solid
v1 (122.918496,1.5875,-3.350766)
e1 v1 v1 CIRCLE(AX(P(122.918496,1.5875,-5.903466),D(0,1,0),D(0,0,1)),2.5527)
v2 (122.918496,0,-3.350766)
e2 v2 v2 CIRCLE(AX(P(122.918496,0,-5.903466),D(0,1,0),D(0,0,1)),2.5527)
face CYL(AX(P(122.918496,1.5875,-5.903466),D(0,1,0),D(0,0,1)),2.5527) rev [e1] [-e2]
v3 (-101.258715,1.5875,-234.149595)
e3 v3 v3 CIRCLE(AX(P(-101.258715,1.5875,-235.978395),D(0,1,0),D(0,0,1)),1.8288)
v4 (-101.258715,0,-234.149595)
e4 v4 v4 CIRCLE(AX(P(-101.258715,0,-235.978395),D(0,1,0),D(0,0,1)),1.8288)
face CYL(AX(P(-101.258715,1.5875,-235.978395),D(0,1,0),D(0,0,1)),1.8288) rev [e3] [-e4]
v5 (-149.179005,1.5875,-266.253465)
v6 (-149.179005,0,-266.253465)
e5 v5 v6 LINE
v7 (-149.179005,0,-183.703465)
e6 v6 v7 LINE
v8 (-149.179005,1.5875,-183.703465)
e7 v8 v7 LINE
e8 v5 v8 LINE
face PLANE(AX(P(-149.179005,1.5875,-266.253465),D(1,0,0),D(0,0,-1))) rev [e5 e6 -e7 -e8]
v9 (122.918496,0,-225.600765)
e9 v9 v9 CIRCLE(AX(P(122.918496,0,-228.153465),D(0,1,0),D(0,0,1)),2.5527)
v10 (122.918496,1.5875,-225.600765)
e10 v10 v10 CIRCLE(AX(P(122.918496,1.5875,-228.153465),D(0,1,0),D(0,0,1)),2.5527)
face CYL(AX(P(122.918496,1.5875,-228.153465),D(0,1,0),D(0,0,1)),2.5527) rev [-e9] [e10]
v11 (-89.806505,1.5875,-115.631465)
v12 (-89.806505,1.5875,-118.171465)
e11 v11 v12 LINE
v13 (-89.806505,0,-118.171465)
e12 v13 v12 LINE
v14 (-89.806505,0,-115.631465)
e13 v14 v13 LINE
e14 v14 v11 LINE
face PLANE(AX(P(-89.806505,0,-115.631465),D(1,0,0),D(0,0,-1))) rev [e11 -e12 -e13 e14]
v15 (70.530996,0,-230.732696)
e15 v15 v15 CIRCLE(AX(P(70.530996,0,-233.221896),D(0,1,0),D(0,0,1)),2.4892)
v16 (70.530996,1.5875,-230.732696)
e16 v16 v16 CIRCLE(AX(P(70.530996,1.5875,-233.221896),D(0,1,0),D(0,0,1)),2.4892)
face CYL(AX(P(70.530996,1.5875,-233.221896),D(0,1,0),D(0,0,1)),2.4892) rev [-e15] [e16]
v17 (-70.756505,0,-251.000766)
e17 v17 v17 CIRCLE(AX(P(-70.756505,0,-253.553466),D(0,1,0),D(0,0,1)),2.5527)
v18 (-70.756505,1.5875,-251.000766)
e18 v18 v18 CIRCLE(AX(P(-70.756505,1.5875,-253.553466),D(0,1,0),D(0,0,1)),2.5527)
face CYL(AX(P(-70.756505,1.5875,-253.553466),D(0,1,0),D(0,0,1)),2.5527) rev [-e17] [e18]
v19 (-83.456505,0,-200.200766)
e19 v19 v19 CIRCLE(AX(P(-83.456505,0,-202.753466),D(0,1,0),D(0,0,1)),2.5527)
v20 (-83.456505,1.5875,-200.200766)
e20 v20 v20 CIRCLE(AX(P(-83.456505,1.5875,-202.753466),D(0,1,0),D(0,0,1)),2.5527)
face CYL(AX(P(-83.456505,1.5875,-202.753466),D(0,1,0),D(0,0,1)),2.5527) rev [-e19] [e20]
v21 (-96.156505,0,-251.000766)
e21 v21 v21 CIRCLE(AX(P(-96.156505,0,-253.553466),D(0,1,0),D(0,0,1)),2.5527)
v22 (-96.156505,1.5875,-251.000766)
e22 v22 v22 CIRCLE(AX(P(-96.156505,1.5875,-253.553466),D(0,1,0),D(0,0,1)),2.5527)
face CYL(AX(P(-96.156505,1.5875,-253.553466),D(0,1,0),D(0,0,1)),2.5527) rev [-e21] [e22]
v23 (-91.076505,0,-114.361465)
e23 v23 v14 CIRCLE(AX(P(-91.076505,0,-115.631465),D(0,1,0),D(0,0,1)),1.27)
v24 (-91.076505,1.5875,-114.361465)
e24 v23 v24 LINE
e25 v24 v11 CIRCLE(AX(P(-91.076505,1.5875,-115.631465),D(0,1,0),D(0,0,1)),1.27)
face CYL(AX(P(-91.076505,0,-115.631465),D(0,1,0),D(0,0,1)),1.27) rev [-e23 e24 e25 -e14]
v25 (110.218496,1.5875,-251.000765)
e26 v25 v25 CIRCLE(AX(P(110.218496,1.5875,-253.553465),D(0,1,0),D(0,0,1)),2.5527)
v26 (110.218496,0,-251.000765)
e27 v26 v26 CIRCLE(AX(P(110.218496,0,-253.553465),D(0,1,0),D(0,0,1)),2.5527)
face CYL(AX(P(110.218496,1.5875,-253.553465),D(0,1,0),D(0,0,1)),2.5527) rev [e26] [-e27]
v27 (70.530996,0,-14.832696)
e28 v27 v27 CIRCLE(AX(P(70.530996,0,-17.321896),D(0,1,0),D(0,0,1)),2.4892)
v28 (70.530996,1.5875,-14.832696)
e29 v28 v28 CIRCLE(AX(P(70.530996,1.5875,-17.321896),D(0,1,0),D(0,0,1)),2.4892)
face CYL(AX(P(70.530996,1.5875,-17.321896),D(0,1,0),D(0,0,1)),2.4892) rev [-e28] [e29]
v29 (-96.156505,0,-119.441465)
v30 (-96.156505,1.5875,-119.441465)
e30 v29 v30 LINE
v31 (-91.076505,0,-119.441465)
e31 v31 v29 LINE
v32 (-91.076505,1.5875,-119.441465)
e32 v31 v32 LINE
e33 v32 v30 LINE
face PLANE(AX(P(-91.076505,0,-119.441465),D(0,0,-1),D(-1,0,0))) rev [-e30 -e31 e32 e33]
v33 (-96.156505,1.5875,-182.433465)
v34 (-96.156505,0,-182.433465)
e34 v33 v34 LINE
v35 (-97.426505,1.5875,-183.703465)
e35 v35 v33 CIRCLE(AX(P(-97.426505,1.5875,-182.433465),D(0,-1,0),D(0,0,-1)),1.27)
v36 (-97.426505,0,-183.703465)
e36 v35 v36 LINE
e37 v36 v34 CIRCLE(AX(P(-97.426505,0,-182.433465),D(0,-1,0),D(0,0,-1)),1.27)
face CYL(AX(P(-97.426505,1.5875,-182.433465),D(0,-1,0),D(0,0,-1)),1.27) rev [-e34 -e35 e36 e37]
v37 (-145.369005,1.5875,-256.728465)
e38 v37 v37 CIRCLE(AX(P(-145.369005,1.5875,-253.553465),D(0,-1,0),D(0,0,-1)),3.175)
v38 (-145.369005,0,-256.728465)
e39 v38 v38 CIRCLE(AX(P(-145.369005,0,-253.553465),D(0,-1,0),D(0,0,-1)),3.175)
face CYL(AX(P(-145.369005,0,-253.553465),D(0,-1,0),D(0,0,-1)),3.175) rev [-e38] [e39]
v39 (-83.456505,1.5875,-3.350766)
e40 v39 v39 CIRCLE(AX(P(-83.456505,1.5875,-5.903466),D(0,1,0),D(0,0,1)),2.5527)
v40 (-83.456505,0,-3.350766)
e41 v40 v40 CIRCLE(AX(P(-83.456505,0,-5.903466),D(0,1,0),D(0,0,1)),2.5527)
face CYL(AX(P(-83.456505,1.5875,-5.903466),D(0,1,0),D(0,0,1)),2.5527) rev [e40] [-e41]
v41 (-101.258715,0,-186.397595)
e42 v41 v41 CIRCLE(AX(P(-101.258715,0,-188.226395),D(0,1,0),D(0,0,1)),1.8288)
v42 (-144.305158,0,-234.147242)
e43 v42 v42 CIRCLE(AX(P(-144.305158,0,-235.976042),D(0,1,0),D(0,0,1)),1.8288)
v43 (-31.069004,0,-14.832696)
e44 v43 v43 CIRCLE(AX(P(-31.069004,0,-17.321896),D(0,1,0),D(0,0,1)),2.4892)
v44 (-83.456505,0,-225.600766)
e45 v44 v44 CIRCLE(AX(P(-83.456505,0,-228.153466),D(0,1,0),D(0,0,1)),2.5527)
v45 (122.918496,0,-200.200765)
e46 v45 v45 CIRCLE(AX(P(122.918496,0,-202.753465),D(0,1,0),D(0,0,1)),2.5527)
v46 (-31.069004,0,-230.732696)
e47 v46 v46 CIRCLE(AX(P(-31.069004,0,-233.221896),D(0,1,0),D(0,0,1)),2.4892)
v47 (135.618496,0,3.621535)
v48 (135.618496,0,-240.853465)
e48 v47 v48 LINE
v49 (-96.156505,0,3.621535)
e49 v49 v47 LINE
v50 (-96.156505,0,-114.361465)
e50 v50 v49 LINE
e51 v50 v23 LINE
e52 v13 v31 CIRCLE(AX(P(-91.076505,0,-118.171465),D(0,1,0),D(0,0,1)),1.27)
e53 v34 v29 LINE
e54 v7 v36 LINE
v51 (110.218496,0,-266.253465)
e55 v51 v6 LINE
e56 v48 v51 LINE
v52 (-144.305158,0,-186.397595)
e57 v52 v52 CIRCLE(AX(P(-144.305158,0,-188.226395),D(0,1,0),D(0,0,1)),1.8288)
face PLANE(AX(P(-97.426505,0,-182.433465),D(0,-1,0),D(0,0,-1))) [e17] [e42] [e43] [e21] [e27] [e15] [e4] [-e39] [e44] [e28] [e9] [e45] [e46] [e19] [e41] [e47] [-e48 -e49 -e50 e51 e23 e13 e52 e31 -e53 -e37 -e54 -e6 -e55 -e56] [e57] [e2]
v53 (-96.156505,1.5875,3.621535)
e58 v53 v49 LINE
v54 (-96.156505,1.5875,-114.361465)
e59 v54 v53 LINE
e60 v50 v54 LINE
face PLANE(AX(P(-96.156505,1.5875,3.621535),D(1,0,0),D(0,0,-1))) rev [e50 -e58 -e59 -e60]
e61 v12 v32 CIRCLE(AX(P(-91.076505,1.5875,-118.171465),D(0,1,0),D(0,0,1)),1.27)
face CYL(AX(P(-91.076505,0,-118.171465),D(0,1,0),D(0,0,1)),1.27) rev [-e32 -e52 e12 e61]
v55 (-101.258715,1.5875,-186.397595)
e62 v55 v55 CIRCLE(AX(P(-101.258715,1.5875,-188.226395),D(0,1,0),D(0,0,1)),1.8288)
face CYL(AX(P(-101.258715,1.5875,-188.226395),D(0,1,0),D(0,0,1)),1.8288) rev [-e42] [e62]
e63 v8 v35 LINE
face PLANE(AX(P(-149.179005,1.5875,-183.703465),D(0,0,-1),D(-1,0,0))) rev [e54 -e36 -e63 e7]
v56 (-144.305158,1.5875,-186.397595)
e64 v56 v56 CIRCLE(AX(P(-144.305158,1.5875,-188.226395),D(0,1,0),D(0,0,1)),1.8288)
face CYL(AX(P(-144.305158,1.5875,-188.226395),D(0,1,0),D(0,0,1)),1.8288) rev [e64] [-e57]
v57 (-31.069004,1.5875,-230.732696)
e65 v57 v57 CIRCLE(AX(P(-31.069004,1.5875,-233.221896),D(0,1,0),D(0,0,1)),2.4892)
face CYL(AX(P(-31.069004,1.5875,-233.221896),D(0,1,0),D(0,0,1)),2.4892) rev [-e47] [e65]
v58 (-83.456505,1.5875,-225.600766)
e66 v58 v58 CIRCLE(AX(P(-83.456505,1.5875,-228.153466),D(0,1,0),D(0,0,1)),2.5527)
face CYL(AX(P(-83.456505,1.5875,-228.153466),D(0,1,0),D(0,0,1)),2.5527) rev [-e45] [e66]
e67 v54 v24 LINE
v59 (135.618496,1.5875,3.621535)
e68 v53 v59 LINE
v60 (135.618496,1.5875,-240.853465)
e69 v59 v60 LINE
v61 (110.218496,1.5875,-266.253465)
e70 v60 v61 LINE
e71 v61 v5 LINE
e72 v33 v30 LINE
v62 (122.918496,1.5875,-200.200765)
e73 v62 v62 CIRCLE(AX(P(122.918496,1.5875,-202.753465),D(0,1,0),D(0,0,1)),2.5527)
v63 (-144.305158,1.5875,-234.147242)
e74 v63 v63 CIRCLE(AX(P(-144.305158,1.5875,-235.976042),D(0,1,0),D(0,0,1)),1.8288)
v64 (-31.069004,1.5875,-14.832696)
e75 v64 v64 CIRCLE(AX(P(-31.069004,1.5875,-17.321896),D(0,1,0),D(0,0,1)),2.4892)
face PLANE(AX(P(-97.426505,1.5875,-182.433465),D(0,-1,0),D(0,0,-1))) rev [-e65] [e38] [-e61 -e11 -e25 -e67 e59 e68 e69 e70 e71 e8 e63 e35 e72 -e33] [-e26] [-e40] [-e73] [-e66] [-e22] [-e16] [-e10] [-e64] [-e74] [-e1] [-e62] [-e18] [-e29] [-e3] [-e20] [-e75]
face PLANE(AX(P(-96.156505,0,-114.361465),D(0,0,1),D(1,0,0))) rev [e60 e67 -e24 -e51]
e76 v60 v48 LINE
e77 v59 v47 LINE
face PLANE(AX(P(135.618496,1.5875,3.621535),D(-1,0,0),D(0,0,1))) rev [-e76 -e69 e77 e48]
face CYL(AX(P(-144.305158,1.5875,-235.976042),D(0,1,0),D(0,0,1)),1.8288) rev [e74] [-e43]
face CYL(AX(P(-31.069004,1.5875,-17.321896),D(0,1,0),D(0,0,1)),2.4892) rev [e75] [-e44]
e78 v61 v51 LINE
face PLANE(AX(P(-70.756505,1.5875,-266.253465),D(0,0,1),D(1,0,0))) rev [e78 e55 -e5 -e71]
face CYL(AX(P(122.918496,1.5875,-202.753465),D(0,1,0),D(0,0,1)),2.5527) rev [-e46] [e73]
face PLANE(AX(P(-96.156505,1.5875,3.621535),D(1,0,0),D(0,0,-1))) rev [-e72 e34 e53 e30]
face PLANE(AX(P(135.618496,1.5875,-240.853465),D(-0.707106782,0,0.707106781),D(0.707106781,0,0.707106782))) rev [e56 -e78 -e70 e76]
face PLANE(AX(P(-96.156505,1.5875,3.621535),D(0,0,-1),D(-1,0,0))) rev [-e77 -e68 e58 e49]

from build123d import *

# Parameters (mm, degrees)
BOSS_EXTRUDE1_DEPTH         = 1.5875
F_10_CLEARANCE_HOLE1_D      = 5.1054
F_1_4_0_25_DIAMETER_HOLE1_D = 6.35
F_6_CLEARANCE_HOLE1_D       = 3.6576
CUT_EXTRUDE1_DEPTH          = 306.201250484
F_10_CLEARANCE_HOLE2_D      = 4.9784


with BuildPart() as part:
    # Sketch3 → Boss-Extrude1 (new body)
    with BuildSketch(Plane(origin=(0, 0, 0), x_dir=(1, 0, 0), z_dir=(0, 1, 0))):
        with BuildLine():
            Line((-96.156504648, -3.621534833), (-96.156504648, 182.433465164))
            ThreePointArc((-96.156504648, 182.433465164), (-96.528479036, 183.331490776), (-97.426504648, 183.703465164))
            Line((-97.426504648, 183.703465164), (-149.179004653, 183.703465164))
            Line((-149.179004653, 183.703465164), (-149.179004653, 266.253465164))
            Line((-149.179004653, 266.253465164), (-70.756504695, 266.253465164))
            Line((-70.756504695, 266.253465164), (110.218495881, 266.253465164))
            Line((110.218495881, 266.253465164), (135.618495855, 240.853465164))
            Line((135.618495855, 240.853465164), (135.618495855, -3.621534833))
            Line((135.618495855, -3.621534833), (-96.156504648, -3.621534833))
        make_face()
    extrude(amount=BOSS_EXTRUDE1_DEPTH)

    # #10 Clearance Hole1 (through all)
    with Locations(Plane(origin=(0, 1.5875, 0), x_dir=(1, 0, 0), z_dir=(0, 1, 0))):
        with Locations((-83.456504653, -25.846534328), (-83.456504653, 202.75346618), (-83.456504653, 228.15346618), (-70.756504653, 253.55346618), (122.918495855, 202.753465164), (122.918495855, 228.153465164), (110.218495855, 253.553465164), (-83.456504653, 5.903465672), (122.918495855, 5.903465672), (-96.15650472, 253.553466178)):
            Hole(F_10_CLEARANCE_HOLE1_D / 2)

    # 1/4 (0.25) Diameter Hole1 (through all)
    with Locations(Plane(origin=(0, 0, 0), x_dir=(-1, 0, 0), z_dir=(0, -1, 0))):
        with Locations((145.369004653, 253.553465164)):
            Hole(F_1_4_0_25_DIAMETER_HOLE1_D / 2)

    # #6 Clearance Hole1 (through all)
    with Locations(Plane(origin=(0, 1.5875, 0), x_dir=(1, 0, 0), z_dir=(0, 1, 0))):
        with Locations((-144.305157527, 235.976041671), (-144.305157527, 188.226395138), (-101.258714708, 188.226395138), (-101.258714708, 235.978395138)):
            Hole(F_6_CLEARANCE_HOLE1_D / 2)

    # Sketch17 → Cut-Extrude1 (cut, through all)
    with BuildSketch(Plane(origin=(0, 1.5875, 0), x_dir=(1, 0, 0), z_dir=(0, 1, 0))):
        with BuildLine():
            Line((-96.156504648, 114.361465167), (-91.076504648, 114.361465167))
            ThreePointArc((-91.076504648, 114.361465167), (-90.178479036, 114.733439555), (-89.806504648, 115.631465167))
            Line((-89.806504648, 115.631465167), (-89.806504648, 118.171465167))
            ThreePointArc((-89.806504648, 118.171465167), (-90.178479036, 119.069490779), (-91.076504648, 119.441465167))
            Line((-91.076504648, 119.441465167), (-96.156504648, 119.441465167))
            Line((-96.156504648, 119.441465167), (-96.156504648, 114.361465167))
        make_face()
    extrude(amount=-CUT_EXTRUDE1_DEPTH, mode=Mode.SUBTRACT)

    # #10 Clearance Hole2 (through all)
    with Locations(Plane(origin=(0, 1.5875, 0), x_dir=(1, 0, 0), z_dir=(0, 1, 0))):
        with Locations((-31.069004399, 233.22189625), (70.530995601, 233.22189625), (70.530995601, 17.32189625), (-31.069004399, 17.32189625)):
            Hole(F_10_CLEARANCE_HOLE2_D / 2)


solid = part.part
